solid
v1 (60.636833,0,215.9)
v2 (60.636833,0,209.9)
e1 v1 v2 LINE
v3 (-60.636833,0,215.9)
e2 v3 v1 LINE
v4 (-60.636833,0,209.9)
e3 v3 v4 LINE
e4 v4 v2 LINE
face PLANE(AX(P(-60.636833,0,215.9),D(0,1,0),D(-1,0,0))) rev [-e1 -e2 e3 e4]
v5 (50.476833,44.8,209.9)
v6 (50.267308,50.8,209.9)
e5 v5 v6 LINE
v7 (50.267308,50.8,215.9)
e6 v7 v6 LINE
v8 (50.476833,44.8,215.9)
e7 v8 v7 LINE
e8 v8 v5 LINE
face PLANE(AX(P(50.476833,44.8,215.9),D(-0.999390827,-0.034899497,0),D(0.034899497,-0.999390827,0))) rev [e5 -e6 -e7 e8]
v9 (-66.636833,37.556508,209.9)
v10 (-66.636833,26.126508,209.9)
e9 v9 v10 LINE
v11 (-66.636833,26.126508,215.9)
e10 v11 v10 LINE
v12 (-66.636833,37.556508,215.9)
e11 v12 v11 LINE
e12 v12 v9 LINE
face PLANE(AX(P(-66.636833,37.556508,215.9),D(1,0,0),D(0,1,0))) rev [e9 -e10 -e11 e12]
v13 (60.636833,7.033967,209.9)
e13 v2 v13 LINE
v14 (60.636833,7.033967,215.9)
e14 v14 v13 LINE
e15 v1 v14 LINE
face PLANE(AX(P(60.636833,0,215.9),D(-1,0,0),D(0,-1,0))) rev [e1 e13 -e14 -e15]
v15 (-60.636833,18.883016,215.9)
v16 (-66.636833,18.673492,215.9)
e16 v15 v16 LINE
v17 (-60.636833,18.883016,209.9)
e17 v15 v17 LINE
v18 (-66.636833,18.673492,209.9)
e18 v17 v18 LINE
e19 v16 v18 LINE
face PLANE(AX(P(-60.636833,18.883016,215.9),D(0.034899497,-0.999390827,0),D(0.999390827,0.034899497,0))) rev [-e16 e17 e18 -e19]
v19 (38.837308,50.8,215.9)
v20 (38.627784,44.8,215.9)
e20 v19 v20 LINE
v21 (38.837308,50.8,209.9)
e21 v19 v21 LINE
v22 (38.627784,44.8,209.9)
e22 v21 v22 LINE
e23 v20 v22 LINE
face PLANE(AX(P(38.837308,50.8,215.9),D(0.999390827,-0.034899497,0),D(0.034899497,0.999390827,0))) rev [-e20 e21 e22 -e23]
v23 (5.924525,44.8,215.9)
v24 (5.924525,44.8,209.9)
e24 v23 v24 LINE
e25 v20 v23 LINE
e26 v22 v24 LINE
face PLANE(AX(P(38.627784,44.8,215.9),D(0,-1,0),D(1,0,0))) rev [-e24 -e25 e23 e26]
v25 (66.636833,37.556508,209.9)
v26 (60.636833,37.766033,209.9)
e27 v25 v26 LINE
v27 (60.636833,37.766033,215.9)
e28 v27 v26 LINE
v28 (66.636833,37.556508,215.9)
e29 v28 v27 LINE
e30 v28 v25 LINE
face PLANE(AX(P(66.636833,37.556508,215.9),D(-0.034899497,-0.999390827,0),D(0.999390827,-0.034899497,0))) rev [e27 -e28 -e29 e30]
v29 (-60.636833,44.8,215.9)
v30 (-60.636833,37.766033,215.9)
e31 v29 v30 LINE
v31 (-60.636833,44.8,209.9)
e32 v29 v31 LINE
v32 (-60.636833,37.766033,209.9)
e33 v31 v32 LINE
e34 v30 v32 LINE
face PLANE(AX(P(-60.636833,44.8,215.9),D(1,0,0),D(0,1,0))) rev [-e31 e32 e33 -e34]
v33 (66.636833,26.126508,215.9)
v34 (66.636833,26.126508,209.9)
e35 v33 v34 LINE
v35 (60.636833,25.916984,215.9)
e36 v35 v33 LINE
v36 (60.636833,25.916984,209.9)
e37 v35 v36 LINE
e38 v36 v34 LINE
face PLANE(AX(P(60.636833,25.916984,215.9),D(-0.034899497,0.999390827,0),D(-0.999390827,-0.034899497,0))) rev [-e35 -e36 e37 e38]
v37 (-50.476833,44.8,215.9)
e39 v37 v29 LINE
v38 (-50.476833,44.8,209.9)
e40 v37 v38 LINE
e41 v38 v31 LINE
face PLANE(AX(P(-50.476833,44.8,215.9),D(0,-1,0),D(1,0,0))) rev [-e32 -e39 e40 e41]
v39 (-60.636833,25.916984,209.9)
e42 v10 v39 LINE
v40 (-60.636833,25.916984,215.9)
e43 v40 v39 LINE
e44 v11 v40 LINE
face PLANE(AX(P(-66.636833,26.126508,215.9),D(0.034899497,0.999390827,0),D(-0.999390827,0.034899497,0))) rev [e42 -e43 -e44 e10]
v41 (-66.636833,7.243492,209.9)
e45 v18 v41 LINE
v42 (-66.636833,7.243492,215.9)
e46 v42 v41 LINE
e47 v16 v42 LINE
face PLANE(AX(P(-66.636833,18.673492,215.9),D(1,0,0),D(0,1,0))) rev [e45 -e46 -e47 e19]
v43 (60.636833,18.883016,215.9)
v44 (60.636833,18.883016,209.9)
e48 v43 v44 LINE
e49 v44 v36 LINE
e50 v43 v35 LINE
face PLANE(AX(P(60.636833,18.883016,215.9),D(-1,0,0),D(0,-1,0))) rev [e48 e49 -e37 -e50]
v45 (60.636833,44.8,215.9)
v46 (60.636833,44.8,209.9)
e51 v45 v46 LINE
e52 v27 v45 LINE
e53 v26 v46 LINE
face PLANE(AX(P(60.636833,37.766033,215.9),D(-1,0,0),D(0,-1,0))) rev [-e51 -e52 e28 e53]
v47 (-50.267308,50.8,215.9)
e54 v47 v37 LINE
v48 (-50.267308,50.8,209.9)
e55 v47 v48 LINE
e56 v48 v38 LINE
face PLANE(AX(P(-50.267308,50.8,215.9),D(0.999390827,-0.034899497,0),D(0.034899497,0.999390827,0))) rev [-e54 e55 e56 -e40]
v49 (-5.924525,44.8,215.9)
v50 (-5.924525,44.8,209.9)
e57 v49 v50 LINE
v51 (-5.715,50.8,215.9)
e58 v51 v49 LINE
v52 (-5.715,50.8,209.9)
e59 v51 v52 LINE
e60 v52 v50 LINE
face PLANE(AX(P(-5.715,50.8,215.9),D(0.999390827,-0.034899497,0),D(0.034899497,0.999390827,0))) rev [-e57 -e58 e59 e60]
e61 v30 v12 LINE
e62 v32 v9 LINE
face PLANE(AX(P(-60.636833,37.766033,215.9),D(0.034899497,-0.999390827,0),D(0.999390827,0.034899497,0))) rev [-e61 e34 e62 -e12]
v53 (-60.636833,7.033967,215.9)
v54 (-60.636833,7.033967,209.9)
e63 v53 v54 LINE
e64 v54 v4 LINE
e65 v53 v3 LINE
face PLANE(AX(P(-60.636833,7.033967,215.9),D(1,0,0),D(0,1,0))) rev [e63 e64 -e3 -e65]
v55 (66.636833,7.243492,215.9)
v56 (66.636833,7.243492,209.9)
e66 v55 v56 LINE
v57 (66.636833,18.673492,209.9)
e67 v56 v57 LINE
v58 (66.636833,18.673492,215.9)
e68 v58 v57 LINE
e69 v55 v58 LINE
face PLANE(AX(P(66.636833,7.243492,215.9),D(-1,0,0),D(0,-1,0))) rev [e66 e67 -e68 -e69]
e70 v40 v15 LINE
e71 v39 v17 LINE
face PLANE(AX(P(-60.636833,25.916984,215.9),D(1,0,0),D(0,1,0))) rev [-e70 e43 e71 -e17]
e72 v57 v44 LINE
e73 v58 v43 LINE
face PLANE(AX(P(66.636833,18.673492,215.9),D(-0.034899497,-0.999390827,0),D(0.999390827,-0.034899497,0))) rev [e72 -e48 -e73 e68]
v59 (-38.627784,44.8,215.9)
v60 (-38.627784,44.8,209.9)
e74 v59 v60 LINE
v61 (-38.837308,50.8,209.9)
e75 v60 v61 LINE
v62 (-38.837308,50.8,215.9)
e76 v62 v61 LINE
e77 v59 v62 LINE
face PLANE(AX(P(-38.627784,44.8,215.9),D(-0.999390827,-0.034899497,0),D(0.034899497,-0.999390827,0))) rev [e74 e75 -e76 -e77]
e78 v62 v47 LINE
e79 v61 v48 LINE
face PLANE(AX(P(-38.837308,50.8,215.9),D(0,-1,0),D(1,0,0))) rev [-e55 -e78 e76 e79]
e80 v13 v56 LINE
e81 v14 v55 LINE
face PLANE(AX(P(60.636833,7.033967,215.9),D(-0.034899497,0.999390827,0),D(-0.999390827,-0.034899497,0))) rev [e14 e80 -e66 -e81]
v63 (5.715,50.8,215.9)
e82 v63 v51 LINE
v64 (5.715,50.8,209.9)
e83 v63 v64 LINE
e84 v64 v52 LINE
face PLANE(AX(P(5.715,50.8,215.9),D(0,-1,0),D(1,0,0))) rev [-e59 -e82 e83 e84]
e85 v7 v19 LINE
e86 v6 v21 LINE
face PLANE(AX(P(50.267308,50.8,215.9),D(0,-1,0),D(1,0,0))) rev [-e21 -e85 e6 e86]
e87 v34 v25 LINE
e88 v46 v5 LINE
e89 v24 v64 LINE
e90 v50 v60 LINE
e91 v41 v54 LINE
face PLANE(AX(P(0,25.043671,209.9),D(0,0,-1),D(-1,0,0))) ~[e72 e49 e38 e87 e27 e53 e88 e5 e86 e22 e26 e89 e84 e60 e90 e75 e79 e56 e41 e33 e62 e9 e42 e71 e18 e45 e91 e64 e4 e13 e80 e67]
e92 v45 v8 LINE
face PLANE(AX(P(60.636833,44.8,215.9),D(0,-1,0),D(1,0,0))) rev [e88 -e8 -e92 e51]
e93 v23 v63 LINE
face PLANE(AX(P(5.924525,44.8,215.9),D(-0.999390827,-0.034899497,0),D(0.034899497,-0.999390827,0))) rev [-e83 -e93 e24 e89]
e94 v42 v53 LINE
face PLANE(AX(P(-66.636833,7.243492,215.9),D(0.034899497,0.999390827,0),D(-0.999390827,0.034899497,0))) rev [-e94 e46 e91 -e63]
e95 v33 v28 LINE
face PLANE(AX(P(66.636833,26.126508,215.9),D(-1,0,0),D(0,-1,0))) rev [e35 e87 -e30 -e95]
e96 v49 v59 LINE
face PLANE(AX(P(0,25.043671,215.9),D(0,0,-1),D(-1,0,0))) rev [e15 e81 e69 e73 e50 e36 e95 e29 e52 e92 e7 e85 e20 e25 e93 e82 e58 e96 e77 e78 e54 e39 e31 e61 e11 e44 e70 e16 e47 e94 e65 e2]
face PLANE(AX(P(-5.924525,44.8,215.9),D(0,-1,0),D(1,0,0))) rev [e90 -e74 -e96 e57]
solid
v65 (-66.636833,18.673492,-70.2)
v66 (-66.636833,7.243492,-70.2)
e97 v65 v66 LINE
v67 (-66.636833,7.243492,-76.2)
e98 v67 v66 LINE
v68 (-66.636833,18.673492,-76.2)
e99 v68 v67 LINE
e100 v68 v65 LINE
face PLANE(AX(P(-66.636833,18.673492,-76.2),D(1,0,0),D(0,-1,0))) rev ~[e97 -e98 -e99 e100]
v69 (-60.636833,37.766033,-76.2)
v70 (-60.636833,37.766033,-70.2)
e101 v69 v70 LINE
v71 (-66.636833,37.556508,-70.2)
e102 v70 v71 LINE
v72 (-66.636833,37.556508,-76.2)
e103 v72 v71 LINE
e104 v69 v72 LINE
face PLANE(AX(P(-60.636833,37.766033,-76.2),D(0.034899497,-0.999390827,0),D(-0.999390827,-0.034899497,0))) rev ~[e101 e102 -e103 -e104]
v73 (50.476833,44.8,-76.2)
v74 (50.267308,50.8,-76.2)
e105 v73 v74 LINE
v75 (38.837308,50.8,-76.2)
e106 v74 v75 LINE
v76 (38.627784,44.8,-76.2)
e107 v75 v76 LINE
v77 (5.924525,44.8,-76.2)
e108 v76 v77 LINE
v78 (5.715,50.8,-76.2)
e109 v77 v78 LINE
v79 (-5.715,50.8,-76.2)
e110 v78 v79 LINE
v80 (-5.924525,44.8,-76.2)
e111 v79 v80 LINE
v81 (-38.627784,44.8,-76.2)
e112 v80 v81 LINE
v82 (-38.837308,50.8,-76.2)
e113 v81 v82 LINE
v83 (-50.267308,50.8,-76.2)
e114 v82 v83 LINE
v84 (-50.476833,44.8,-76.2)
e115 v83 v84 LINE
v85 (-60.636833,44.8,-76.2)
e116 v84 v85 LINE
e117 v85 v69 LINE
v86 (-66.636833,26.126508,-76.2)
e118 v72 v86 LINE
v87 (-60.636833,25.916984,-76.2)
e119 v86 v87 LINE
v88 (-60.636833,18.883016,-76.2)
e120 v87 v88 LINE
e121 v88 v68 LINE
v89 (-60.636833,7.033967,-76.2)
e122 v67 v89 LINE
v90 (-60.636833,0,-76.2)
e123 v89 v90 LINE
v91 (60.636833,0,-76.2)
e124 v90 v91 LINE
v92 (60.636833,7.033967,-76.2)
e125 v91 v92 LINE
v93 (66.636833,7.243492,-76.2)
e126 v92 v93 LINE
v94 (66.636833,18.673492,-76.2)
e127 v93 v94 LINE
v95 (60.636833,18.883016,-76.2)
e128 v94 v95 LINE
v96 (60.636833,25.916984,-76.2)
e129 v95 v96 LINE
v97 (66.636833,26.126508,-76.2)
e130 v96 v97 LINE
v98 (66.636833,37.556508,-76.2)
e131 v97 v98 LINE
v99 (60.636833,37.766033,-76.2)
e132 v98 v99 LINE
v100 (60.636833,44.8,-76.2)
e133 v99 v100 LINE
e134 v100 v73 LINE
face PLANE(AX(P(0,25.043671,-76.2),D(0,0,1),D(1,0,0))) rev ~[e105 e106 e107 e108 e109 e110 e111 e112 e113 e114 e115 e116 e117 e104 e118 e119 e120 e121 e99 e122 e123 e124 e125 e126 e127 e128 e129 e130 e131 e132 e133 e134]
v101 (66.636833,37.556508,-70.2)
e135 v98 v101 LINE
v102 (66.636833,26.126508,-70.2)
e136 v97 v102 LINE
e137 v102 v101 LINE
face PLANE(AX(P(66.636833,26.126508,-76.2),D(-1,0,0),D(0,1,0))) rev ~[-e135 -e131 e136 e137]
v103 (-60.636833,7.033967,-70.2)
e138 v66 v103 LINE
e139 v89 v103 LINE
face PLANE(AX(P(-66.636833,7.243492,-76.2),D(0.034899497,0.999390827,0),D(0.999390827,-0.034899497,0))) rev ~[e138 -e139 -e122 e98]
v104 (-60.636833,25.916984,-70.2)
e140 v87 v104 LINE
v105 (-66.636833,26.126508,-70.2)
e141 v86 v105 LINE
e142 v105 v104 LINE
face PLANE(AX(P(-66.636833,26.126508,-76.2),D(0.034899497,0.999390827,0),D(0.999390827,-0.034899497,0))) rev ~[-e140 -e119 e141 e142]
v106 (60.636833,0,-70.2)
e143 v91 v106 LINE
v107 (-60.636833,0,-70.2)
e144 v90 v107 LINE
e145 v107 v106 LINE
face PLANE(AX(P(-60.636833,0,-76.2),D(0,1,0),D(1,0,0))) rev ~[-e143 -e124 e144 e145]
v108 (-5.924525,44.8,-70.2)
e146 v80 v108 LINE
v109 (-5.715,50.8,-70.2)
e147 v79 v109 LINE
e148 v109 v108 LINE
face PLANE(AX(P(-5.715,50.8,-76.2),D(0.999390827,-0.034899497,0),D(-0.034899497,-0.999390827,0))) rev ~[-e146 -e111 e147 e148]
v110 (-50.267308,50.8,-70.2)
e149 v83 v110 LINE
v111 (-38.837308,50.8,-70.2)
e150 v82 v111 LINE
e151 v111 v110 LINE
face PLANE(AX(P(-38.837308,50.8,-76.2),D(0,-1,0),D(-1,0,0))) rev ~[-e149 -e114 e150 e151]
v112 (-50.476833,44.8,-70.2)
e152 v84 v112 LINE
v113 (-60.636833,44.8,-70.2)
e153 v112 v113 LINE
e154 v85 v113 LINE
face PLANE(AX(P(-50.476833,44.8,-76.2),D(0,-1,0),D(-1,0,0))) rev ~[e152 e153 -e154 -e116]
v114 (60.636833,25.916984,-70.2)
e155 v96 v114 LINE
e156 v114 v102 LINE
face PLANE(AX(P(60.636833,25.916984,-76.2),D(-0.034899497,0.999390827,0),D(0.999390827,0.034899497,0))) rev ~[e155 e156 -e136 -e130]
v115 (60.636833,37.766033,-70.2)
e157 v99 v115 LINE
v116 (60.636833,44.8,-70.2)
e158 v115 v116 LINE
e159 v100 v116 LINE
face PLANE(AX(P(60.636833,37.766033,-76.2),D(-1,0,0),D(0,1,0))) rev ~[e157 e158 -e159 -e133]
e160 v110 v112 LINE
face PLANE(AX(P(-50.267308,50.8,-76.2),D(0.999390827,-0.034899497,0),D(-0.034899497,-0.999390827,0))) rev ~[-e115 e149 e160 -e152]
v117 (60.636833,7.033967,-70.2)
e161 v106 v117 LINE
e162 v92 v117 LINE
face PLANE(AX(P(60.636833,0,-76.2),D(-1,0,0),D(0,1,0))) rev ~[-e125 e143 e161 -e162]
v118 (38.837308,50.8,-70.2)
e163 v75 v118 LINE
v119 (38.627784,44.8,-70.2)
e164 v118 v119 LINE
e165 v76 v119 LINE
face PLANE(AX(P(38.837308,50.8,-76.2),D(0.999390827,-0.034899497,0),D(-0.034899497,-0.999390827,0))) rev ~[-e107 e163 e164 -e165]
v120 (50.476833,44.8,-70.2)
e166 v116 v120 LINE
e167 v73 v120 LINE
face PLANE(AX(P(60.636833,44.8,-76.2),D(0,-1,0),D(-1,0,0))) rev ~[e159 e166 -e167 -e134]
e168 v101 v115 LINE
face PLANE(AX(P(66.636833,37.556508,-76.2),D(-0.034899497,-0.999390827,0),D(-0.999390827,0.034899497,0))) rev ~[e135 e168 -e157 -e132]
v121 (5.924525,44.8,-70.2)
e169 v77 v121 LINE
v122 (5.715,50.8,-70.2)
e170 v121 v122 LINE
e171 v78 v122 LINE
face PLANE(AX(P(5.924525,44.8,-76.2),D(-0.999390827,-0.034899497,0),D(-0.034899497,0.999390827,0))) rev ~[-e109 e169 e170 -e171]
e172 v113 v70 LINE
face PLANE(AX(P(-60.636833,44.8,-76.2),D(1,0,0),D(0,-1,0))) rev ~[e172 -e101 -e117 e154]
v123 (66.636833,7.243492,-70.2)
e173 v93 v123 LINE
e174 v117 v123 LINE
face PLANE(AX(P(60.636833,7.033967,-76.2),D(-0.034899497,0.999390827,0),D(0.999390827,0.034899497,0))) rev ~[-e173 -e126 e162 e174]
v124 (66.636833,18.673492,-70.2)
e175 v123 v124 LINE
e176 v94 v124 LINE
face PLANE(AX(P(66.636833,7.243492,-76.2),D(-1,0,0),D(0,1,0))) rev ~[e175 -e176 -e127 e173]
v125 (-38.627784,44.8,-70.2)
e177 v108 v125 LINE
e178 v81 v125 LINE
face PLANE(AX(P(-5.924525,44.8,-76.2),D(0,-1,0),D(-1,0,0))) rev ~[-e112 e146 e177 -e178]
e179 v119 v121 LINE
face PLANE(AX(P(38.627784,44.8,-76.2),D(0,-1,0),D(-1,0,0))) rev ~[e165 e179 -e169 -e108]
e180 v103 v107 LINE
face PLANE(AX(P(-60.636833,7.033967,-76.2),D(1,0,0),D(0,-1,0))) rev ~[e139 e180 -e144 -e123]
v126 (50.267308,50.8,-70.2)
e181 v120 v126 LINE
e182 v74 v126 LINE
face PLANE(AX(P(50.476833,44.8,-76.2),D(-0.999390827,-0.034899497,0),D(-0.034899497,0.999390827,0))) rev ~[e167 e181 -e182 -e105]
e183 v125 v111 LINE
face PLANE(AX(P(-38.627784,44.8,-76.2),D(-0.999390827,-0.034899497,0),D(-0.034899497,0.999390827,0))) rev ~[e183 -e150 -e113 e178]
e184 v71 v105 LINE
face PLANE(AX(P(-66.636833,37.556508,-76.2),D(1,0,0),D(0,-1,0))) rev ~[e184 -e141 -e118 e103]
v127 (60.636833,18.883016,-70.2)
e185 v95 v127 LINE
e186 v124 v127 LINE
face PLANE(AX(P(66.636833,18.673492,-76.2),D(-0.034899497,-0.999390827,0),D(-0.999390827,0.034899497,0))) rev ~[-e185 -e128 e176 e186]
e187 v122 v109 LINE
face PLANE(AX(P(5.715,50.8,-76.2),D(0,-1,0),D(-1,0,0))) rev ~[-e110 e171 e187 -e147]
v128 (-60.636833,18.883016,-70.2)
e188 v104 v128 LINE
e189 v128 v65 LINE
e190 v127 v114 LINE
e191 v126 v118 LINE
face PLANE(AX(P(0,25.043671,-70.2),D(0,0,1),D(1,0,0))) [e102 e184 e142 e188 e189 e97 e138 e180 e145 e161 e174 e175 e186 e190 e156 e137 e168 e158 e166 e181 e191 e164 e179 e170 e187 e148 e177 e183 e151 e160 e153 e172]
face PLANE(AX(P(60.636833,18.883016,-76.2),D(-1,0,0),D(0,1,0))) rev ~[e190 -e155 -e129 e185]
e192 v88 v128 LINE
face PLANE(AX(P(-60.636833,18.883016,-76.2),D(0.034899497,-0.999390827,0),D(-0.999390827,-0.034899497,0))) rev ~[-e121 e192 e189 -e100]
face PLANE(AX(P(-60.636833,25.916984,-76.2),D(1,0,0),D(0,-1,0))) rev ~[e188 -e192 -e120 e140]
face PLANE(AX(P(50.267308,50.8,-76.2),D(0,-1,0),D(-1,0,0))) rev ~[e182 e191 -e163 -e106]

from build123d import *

# Parameters (mm, degrees)
BOSS_EXTRUDE1_DEPTH = 6


with BuildPart() as part:
    # Sketch1 → Boss-Extrude1 (new body)
    with BuildSketch(Plane(origin=(0, 0, -76.2), x_dir=(-1, 0, 0), z_dir=(0, 0, -1))):
        Polygon((-50.47683298, 44.8), (-50.267308364, 50.8), (-38.837308364, 50.8), (-38.627783747, 44.8), (-5.924524617, 44.8), (-5.715, 50.8), (5.715, 50.8), (5.924524617, 44.8), (38.627783747, 44.8), (38.837308364, 50.8), (50.267308364, 50.8), (50.47683298, 44.8), (60.63683298, 44.8), (60.63683298, 37.766032823), (66.63683298, 37.556508206), (66.63683298, 26.126508206), (60.63683298, 25.916983589), (60.63683298, 18.883016411), (66.63683298, 18.673491794), (66.63683298, 7.243491794), (60.63683298, 7.033967177), (60.63683298, 0), (-60.63683298, 0), (-60.63683298, 7.033967177), (-66.63683298, 7.243491794), (-66.63683298, 18.673491794), (-60.63683298, 18.883016411), (-60.63683298, 25.916983589), (-66.63683298, 26.126508206), (-66.63683298, 37.556508206), (-60.63683298, 37.766032823), (-60.63683298, 44.8), align=None)
    extrude(amount=-BOSS_EXTRUDE1_DEPTH)


with BuildPart() as body_2:
    # Mirror1: mirrored copy
    add(part.part.mirror(Plane(origin=(0, 0, 69.85), x_dir=(1, 0, 0), z_dir=(0, 0, -1))))


solid = Compound([part.part, body_2.part])
